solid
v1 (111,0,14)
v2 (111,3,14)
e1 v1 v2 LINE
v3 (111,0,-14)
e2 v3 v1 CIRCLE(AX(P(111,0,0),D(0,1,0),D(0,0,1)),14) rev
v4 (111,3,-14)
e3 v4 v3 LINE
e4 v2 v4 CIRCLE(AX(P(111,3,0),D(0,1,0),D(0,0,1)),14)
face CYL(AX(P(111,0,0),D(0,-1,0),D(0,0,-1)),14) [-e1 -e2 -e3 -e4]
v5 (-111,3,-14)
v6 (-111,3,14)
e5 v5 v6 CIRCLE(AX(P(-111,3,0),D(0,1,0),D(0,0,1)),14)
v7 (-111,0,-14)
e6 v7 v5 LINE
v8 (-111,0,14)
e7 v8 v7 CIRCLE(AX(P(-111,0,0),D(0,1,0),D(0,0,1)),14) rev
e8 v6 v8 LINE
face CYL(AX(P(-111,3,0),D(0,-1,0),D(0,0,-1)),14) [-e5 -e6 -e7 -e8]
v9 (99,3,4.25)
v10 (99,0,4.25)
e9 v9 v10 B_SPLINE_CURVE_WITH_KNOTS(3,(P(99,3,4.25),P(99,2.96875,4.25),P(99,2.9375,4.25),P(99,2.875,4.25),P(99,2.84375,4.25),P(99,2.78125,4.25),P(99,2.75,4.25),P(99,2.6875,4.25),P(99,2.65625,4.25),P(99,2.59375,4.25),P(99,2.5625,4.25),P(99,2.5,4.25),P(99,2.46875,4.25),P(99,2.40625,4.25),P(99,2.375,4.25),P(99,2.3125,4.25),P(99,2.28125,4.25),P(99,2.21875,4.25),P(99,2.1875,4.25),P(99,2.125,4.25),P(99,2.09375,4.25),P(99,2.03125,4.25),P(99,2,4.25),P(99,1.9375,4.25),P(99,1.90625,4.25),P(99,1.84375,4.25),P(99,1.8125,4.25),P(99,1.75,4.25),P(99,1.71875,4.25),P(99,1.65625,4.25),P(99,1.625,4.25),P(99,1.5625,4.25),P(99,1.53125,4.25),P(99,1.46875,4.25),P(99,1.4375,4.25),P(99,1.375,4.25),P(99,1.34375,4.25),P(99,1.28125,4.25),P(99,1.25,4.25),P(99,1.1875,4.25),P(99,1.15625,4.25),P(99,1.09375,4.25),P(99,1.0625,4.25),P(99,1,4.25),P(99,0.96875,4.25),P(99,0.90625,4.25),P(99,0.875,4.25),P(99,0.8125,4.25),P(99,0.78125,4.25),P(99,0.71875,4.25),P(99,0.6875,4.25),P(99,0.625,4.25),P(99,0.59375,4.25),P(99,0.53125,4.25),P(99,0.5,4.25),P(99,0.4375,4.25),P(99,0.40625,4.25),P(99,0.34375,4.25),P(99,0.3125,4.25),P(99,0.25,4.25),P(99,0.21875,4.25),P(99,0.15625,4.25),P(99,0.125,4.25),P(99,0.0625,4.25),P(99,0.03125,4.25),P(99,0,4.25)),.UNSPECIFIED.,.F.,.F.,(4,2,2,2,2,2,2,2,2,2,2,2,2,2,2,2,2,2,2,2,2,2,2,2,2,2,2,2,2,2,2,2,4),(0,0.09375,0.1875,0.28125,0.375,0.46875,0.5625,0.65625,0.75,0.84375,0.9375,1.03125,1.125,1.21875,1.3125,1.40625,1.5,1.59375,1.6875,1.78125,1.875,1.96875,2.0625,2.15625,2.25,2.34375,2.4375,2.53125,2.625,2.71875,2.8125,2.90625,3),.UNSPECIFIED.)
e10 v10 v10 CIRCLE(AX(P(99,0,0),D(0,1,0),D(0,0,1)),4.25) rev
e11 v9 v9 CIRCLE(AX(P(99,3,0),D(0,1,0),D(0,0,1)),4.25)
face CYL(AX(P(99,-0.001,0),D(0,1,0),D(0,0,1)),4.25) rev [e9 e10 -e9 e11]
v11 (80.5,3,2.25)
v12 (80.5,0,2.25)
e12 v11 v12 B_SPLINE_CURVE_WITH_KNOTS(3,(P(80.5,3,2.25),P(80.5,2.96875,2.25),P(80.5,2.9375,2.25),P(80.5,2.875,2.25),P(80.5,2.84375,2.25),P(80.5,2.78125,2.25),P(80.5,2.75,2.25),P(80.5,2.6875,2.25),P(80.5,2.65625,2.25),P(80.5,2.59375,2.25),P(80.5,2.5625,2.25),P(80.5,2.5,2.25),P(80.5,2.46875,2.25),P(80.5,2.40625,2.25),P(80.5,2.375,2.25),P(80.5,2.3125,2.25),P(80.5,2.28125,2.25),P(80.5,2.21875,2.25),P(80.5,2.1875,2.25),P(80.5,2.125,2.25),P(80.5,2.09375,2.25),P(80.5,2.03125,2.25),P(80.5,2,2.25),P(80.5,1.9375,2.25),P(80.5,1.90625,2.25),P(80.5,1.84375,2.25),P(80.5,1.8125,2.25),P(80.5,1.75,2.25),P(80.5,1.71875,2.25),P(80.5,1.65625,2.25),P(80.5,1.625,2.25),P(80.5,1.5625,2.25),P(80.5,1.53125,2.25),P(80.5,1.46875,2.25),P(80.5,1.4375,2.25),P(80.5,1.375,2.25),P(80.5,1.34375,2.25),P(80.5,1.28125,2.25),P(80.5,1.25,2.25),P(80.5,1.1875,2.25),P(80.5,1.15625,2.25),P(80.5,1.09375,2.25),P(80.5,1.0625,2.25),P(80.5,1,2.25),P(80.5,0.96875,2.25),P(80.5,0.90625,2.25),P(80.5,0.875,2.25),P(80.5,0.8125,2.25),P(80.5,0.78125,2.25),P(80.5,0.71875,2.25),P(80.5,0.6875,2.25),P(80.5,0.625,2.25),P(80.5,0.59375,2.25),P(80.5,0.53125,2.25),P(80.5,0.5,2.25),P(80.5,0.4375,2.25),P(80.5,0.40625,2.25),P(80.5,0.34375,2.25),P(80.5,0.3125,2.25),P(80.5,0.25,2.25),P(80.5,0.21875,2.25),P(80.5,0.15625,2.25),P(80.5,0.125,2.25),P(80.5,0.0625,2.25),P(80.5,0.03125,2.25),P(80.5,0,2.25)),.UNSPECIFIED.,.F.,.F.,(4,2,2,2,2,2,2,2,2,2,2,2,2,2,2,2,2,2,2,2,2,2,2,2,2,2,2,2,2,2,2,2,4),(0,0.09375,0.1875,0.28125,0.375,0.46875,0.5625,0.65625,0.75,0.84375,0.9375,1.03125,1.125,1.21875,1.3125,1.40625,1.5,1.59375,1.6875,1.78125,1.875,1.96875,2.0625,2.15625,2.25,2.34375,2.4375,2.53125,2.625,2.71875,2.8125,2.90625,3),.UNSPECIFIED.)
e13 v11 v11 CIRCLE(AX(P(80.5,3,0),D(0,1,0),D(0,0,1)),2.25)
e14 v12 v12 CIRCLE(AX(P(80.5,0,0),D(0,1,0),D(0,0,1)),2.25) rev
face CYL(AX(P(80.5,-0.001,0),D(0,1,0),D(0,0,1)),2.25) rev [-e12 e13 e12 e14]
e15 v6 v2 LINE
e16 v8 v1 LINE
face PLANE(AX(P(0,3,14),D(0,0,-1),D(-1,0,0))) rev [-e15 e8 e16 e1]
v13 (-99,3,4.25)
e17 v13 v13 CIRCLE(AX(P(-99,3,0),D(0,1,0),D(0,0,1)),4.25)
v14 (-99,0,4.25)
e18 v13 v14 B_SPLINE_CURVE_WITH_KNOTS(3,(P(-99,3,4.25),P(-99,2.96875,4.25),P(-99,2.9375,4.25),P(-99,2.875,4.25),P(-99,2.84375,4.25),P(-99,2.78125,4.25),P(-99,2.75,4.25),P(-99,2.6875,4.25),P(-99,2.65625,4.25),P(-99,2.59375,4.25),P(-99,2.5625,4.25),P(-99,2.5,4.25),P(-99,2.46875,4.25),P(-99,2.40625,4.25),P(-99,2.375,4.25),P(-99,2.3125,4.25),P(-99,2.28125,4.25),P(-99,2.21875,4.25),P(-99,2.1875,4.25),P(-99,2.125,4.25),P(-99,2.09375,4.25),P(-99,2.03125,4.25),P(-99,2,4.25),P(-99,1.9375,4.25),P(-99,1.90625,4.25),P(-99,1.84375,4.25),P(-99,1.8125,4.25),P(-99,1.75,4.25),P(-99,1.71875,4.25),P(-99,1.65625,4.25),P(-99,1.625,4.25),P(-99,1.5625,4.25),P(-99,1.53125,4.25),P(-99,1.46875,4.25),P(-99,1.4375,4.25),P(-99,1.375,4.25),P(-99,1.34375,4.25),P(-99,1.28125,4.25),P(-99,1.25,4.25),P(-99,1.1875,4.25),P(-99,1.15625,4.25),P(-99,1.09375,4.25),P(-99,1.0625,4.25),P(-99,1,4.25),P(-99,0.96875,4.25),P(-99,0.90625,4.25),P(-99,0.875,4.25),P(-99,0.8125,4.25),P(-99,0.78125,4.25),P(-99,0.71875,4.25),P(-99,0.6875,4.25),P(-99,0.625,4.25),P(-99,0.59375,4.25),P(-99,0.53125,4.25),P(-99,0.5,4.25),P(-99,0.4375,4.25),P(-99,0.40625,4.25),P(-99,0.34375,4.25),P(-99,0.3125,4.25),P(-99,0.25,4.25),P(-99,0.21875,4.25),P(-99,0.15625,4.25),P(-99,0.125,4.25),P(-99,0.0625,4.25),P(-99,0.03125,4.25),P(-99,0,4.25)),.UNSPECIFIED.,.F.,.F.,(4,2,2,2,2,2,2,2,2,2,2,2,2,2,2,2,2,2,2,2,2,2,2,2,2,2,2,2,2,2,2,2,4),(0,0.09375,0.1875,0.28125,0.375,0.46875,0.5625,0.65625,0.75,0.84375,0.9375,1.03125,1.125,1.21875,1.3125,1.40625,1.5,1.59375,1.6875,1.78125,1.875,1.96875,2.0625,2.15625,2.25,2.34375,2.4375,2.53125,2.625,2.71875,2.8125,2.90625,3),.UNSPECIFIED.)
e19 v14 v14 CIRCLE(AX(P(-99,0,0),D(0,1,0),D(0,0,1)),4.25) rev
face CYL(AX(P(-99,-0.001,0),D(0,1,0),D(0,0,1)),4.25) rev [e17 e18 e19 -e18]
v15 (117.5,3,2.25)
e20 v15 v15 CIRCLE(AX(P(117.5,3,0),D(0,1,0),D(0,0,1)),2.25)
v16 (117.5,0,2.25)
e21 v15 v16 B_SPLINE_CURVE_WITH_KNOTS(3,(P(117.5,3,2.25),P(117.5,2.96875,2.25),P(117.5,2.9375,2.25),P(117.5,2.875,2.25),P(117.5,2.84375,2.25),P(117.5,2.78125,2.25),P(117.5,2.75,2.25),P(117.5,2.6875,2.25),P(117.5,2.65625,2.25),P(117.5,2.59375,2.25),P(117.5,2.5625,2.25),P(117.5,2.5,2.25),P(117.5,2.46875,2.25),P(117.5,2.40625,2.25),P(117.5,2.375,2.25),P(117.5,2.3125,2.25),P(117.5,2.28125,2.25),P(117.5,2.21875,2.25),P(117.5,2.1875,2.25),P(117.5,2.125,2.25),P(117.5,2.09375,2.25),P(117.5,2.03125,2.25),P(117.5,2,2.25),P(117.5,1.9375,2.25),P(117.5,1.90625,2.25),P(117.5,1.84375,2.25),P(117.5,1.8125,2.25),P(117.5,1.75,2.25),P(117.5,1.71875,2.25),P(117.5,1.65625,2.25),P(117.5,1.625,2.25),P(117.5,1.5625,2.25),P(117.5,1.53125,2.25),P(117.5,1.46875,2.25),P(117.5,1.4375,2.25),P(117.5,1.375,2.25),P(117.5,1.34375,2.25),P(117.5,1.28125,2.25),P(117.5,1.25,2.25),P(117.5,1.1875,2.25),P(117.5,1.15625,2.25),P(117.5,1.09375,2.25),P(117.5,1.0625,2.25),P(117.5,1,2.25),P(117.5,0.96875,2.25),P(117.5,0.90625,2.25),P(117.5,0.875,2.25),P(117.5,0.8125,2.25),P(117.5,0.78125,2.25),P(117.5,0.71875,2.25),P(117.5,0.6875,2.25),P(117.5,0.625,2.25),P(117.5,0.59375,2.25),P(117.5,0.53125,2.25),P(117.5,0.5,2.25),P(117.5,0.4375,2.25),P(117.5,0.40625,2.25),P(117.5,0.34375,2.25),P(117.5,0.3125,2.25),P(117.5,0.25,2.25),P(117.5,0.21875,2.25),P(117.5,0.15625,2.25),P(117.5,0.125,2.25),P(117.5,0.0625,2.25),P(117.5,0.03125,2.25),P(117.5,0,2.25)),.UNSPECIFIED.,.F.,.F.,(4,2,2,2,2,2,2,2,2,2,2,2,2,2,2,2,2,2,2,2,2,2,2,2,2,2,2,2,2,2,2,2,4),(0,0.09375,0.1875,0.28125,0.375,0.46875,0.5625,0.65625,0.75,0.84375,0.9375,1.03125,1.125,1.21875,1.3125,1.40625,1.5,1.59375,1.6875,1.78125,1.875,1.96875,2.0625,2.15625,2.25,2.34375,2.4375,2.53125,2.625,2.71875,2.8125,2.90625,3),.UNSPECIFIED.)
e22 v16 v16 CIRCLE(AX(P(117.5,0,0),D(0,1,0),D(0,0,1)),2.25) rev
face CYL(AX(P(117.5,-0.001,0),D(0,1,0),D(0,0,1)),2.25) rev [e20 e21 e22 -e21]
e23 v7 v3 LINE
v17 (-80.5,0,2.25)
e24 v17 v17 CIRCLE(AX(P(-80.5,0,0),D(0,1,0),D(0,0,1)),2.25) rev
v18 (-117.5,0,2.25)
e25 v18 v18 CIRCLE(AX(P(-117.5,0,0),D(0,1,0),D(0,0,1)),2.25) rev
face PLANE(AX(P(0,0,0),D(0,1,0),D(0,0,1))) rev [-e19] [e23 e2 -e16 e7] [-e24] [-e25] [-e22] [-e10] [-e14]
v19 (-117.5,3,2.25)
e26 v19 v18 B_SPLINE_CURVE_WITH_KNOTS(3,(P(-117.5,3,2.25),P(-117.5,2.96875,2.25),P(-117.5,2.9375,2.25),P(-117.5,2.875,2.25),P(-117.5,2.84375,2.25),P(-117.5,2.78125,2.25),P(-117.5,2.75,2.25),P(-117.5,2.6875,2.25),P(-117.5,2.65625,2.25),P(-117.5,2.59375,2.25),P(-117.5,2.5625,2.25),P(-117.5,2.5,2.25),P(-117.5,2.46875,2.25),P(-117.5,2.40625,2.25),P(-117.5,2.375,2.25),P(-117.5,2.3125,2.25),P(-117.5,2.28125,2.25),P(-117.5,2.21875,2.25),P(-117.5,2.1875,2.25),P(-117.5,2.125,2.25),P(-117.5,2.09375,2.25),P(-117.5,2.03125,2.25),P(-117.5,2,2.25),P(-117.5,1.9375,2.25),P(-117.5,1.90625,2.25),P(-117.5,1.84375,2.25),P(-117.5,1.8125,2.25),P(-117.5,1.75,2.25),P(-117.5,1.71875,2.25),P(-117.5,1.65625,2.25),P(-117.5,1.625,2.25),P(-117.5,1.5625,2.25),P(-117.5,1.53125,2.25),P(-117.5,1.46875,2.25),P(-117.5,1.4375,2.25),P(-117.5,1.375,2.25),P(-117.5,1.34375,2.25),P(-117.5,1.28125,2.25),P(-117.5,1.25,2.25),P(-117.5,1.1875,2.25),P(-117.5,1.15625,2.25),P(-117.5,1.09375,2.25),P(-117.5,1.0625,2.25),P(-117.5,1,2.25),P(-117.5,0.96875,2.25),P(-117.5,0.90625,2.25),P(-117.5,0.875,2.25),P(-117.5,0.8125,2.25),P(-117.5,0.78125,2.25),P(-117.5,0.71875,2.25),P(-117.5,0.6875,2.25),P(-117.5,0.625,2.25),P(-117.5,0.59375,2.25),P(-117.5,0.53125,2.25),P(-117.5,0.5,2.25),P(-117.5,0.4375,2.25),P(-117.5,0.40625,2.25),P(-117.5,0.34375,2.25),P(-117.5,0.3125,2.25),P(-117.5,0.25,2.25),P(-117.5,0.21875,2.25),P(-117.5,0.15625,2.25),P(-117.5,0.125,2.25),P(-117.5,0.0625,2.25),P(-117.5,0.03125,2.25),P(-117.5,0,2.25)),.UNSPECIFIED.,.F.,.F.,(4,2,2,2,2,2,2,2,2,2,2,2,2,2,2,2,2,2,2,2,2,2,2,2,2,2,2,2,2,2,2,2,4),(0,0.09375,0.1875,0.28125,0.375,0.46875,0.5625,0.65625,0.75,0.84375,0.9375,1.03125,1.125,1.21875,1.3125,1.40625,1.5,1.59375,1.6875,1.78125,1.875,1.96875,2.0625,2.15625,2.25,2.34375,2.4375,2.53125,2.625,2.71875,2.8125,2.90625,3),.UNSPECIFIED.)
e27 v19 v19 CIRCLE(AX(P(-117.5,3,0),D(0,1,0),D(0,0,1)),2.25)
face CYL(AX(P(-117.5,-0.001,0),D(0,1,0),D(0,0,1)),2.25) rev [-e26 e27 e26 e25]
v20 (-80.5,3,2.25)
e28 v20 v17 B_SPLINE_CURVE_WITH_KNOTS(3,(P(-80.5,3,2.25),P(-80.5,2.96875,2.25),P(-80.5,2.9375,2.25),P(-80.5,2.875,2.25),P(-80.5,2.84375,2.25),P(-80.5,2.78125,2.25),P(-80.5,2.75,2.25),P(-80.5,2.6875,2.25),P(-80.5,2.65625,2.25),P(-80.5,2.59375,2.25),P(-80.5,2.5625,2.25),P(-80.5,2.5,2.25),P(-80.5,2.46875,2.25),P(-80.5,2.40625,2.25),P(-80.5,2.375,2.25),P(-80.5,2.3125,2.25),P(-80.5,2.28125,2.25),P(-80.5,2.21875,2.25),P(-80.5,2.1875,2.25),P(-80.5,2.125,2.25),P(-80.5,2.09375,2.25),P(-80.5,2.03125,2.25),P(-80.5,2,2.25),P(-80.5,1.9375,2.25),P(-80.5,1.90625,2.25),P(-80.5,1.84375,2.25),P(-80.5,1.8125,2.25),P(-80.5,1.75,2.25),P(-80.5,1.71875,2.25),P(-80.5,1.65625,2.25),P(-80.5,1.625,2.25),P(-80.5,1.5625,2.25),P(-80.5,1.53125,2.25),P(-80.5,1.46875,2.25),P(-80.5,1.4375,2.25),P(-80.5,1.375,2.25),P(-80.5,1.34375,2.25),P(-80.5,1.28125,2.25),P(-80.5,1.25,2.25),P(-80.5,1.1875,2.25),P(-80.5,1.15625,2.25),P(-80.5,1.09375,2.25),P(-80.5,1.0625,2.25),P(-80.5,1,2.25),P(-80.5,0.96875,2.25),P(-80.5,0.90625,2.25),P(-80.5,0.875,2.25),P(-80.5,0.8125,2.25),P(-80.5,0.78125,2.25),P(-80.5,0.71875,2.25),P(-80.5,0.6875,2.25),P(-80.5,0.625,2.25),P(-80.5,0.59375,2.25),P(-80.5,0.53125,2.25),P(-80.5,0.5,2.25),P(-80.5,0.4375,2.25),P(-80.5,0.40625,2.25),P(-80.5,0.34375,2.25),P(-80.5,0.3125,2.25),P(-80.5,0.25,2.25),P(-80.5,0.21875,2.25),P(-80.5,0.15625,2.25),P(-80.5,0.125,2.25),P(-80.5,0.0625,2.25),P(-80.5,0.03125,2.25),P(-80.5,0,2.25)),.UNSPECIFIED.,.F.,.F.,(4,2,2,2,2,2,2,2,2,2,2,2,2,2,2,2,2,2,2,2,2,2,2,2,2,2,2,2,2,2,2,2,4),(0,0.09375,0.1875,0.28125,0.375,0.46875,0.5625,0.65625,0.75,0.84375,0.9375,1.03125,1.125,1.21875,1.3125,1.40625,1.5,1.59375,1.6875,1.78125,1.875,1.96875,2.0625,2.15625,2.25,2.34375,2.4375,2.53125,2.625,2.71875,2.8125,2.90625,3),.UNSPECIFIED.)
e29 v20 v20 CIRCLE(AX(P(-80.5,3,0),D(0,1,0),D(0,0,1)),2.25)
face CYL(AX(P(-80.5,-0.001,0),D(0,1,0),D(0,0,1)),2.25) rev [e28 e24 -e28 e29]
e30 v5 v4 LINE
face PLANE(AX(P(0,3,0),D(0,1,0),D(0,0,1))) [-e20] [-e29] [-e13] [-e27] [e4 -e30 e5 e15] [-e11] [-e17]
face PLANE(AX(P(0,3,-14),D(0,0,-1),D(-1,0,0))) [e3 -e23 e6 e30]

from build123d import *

# Parameters (mm, degrees)
SKETCH_1_W          = 250
SKETCH_1_H          = 28
EXTRUDE_1_DEPTH     = 3
CUT_EXTRUDE_1_REACH = 127.817
SKETCH_2_R          = 4.25
CUT_EXTRUDE_2_REACH = 127.817
SKETCH_3_R          = 2.25
FILLET_1_RADIUS     = 14
FILLET_1_LENGTH     = 3
FILLET_2_RADIUS     = 14
FILLET_2_LENGTH     = 3


with BuildPart() as part:
    # 草图1 → 凸台-拉伸1 (new body)
    with BuildSketch(Plane(origin=(0, 0, 0), x_dir=(1, 0, 0), z_dir=(0, 1, 0))):
        Rectangle(SKETCH_1_W, SKETCH_1_H)
    extrude(amount=EXTRUDE_1_DEPTH)

    # 草图2 → 切除-拉伸1 (cut, up to next)
    with BuildSketch(Plane(origin=(0, 3, 0), x_dir=(1, 0, 0), z_dir=(0, 1, 0)), mode=Mode.PRIVATE) as cut_extrude_1_sk1:
        with Locations(Location((-99, 0, 0), (0, 0, 270))):
            Circle(SKETCH_2_R)
    cut_extrude_1_tool1 = extrude(cut_extrude_1_sk1.sketch, amount=-CUT_EXTRUDE_1_REACH, mode=Mode.PRIVATE) & part.part
    # 草图2 → 切除-拉伸1 (cut, up to next)
    with BuildSketch(Plane(origin=(0, 3, 0), x_dir=(1, 0, 0), z_dir=(0, 1, 0)), mode=Mode.PRIVATE) as cut_extrude_1_sk2:
        with Locations(Location((99, 0, 0), (0, 0, 270))):
            Circle(SKETCH_2_R)
    cut_extrude_1_tool2 = extrude(cut_extrude_1_sk2.sketch, amount=-CUT_EXTRUDE_1_REACH, mode=Mode.PRIVATE) & part.part
    add(cut_extrude_1_tool1.solids().sort_by_distance((-99, 3, 0))[0], mode=Mode.SUBTRACT)
    add(cut_extrude_1_tool2.solids().sort_by_distance((99, 3, 0))[0], mode=Mode.SUBTRACT)

    # 草图3 → 切除-拉伸2 (cut, up to next)
    with BuildSketch(Plane(origin=(0, 3, 0), x_dir=(1, 0, 0), z_dir=(0, 1, 0)), mode=Mode.PRIVATE) as cut_extrude_2_sk1:
        with Locations(Location((-117.5, 0, 0), (0, 0, 270))):
            Circle(SKETCH_3_R)
    cut_extrude_2_tool1 = extrude(cut_extrude_2_sk1.sketch, amount=-CUT_EXTRUDE_2_REACH, mode=Mode.PRIVATE) & part.part
    # 草图3 → 切除-拉伸2 (cut, up to next)
    with BuildSketch(Plane(origin=(0, 3, 0), x_dir=(1, 0, 0), z_dir=(0, 1, 0)), mode=Mode.PRIVATE) as cut_extrude_2_sk2:
        with Locations(Location((-80.5, 0, 0), (0, 0, 270))):
            Circle(SKETCH_3_R)
    cut_extrude_2_tool2 = extrude(cut_extrude_2_sk2.sketch, amount=-CUT_EXTRUDE_2_REACH, mode=Mode.PRIVATE) & part.part
    # 草图3 → 切除-拉伸2 (cut, up to next)
    with BuildSketch(Plane(origin=(0, 3, 0), x_dir=(1, 0, 0), z_dir=(0, 1, 0)), mode=Mode.PRIVATE) as cut_extrude_2_sk3:
        with Locations(Location((80.5, 0, 0), (0, 0, 270))):
            Circle(SKETCH_3_R)
    cut_extrude_2_tool3 = extrude(cut_extrude_2_sk3.sketch, amount=-CUT_EXTRUDE_2_REACH, mode=Mode.PRIVATE) & part.part
    # 草图3 → 切除-拉伸2 (cut, up to next)
    with BuildSketch(Plane(origin=(0, 3, 0), x_dir=(1, 0, 0), z_dir=(0, 1, 0)), mode=Mode.PRIVATE) as cut_extrude_2_sk4:
        with Locations(Location((117.5, 0, 0), (0, 0, 270))):
            Circle(SKETCH_3_R)
    cut_extrude_2_tool4 = extrude(cut_extrude_2_sk4.sketch, amount=-CUT_EXTRUDE_2_REACH, mode=Mode.PRIVATE) & part.part
    add(cut_extrude_2_tool1.solids().sort_by_distance((-117.5, 3, 0))[0], mode=Mode.SUBTRACT)
    add(cut_extrude_2_tool2.solids().sort_by_distance((-80.5, 3, 0))[0], mode=Mode.SUBTRACT)
    add(cut_extrude_2_tool3.solids().sort_by_distance((80.5, 3, 0))[0], mode=Mode.SUBTRACT)
    add(cut_extrude_2_tool4.solids().sort_by_distance((117.5, 3, 0))[0], mode=Mode.SUBTRACT)

    # 圆角1: full round fillet: the end face becomes a half cylinder, R = half its width
    fillet_1_face = Plane((-125, 1.5, 0), x_dir=(0, 1, 0), z_dir=(-1, 0, 0))  # on the end face: x along it, z out of the body
    fillet_1_slab = fillet_1_face.offset(-FILLET_1_RADIUS / 2) * Box(FILLET_1_LENGTH, 2 * FILLET_1_RADIUS, FILLET_1_RADIUS, mode=Mode.PRIVATE)  # the body's end, R deep
    fillet_1_round = Plane((-111, 1.5, 0), x_dir=(-1, 0, 0), z_dir=(0, 1, 0)) * Cylinder(FILLET_1_RADIUS, FILLET_1_LENGTH, mode=Mode.PRIVATE)  # its axis R under the face
    add(fillet_1_slab - fillet_1_round, mode=Mode.SUBTRACT)

    # 圆角2: full round fillet: the end face becomes a half cylinder, R = half its width
    fillet_2_face = Plane((125, 1.5, 0), x_dir=(0, -1, 0), z_dir=(1, 0, 0))  # on the end face: x along it, z out of the body
    fillet_2_slab = fillet_2_face.offset(-FILLET_2_RADIUS / 2) * Box(FILLET_2_LENGTH, 2 * FILLET_2_RADIUS, FILLET_2_RADIUS, mode=Mode.PRIVATE)  # the body's end, R deep
    fillet_2_round = Plane((111, 1.5, 0), x_dir=(1, 0, 0), z_dir=(0, -1, 0)) * Cylinder(FILLET_2_RADIUS, FILLET_2_LENGTH, mode=Mode.PRIVATE)  # its axis R under the face
    add(fillet_2_slab - fillet_2_round, mode=Mode.SUBTRACT)


solid = part.part
